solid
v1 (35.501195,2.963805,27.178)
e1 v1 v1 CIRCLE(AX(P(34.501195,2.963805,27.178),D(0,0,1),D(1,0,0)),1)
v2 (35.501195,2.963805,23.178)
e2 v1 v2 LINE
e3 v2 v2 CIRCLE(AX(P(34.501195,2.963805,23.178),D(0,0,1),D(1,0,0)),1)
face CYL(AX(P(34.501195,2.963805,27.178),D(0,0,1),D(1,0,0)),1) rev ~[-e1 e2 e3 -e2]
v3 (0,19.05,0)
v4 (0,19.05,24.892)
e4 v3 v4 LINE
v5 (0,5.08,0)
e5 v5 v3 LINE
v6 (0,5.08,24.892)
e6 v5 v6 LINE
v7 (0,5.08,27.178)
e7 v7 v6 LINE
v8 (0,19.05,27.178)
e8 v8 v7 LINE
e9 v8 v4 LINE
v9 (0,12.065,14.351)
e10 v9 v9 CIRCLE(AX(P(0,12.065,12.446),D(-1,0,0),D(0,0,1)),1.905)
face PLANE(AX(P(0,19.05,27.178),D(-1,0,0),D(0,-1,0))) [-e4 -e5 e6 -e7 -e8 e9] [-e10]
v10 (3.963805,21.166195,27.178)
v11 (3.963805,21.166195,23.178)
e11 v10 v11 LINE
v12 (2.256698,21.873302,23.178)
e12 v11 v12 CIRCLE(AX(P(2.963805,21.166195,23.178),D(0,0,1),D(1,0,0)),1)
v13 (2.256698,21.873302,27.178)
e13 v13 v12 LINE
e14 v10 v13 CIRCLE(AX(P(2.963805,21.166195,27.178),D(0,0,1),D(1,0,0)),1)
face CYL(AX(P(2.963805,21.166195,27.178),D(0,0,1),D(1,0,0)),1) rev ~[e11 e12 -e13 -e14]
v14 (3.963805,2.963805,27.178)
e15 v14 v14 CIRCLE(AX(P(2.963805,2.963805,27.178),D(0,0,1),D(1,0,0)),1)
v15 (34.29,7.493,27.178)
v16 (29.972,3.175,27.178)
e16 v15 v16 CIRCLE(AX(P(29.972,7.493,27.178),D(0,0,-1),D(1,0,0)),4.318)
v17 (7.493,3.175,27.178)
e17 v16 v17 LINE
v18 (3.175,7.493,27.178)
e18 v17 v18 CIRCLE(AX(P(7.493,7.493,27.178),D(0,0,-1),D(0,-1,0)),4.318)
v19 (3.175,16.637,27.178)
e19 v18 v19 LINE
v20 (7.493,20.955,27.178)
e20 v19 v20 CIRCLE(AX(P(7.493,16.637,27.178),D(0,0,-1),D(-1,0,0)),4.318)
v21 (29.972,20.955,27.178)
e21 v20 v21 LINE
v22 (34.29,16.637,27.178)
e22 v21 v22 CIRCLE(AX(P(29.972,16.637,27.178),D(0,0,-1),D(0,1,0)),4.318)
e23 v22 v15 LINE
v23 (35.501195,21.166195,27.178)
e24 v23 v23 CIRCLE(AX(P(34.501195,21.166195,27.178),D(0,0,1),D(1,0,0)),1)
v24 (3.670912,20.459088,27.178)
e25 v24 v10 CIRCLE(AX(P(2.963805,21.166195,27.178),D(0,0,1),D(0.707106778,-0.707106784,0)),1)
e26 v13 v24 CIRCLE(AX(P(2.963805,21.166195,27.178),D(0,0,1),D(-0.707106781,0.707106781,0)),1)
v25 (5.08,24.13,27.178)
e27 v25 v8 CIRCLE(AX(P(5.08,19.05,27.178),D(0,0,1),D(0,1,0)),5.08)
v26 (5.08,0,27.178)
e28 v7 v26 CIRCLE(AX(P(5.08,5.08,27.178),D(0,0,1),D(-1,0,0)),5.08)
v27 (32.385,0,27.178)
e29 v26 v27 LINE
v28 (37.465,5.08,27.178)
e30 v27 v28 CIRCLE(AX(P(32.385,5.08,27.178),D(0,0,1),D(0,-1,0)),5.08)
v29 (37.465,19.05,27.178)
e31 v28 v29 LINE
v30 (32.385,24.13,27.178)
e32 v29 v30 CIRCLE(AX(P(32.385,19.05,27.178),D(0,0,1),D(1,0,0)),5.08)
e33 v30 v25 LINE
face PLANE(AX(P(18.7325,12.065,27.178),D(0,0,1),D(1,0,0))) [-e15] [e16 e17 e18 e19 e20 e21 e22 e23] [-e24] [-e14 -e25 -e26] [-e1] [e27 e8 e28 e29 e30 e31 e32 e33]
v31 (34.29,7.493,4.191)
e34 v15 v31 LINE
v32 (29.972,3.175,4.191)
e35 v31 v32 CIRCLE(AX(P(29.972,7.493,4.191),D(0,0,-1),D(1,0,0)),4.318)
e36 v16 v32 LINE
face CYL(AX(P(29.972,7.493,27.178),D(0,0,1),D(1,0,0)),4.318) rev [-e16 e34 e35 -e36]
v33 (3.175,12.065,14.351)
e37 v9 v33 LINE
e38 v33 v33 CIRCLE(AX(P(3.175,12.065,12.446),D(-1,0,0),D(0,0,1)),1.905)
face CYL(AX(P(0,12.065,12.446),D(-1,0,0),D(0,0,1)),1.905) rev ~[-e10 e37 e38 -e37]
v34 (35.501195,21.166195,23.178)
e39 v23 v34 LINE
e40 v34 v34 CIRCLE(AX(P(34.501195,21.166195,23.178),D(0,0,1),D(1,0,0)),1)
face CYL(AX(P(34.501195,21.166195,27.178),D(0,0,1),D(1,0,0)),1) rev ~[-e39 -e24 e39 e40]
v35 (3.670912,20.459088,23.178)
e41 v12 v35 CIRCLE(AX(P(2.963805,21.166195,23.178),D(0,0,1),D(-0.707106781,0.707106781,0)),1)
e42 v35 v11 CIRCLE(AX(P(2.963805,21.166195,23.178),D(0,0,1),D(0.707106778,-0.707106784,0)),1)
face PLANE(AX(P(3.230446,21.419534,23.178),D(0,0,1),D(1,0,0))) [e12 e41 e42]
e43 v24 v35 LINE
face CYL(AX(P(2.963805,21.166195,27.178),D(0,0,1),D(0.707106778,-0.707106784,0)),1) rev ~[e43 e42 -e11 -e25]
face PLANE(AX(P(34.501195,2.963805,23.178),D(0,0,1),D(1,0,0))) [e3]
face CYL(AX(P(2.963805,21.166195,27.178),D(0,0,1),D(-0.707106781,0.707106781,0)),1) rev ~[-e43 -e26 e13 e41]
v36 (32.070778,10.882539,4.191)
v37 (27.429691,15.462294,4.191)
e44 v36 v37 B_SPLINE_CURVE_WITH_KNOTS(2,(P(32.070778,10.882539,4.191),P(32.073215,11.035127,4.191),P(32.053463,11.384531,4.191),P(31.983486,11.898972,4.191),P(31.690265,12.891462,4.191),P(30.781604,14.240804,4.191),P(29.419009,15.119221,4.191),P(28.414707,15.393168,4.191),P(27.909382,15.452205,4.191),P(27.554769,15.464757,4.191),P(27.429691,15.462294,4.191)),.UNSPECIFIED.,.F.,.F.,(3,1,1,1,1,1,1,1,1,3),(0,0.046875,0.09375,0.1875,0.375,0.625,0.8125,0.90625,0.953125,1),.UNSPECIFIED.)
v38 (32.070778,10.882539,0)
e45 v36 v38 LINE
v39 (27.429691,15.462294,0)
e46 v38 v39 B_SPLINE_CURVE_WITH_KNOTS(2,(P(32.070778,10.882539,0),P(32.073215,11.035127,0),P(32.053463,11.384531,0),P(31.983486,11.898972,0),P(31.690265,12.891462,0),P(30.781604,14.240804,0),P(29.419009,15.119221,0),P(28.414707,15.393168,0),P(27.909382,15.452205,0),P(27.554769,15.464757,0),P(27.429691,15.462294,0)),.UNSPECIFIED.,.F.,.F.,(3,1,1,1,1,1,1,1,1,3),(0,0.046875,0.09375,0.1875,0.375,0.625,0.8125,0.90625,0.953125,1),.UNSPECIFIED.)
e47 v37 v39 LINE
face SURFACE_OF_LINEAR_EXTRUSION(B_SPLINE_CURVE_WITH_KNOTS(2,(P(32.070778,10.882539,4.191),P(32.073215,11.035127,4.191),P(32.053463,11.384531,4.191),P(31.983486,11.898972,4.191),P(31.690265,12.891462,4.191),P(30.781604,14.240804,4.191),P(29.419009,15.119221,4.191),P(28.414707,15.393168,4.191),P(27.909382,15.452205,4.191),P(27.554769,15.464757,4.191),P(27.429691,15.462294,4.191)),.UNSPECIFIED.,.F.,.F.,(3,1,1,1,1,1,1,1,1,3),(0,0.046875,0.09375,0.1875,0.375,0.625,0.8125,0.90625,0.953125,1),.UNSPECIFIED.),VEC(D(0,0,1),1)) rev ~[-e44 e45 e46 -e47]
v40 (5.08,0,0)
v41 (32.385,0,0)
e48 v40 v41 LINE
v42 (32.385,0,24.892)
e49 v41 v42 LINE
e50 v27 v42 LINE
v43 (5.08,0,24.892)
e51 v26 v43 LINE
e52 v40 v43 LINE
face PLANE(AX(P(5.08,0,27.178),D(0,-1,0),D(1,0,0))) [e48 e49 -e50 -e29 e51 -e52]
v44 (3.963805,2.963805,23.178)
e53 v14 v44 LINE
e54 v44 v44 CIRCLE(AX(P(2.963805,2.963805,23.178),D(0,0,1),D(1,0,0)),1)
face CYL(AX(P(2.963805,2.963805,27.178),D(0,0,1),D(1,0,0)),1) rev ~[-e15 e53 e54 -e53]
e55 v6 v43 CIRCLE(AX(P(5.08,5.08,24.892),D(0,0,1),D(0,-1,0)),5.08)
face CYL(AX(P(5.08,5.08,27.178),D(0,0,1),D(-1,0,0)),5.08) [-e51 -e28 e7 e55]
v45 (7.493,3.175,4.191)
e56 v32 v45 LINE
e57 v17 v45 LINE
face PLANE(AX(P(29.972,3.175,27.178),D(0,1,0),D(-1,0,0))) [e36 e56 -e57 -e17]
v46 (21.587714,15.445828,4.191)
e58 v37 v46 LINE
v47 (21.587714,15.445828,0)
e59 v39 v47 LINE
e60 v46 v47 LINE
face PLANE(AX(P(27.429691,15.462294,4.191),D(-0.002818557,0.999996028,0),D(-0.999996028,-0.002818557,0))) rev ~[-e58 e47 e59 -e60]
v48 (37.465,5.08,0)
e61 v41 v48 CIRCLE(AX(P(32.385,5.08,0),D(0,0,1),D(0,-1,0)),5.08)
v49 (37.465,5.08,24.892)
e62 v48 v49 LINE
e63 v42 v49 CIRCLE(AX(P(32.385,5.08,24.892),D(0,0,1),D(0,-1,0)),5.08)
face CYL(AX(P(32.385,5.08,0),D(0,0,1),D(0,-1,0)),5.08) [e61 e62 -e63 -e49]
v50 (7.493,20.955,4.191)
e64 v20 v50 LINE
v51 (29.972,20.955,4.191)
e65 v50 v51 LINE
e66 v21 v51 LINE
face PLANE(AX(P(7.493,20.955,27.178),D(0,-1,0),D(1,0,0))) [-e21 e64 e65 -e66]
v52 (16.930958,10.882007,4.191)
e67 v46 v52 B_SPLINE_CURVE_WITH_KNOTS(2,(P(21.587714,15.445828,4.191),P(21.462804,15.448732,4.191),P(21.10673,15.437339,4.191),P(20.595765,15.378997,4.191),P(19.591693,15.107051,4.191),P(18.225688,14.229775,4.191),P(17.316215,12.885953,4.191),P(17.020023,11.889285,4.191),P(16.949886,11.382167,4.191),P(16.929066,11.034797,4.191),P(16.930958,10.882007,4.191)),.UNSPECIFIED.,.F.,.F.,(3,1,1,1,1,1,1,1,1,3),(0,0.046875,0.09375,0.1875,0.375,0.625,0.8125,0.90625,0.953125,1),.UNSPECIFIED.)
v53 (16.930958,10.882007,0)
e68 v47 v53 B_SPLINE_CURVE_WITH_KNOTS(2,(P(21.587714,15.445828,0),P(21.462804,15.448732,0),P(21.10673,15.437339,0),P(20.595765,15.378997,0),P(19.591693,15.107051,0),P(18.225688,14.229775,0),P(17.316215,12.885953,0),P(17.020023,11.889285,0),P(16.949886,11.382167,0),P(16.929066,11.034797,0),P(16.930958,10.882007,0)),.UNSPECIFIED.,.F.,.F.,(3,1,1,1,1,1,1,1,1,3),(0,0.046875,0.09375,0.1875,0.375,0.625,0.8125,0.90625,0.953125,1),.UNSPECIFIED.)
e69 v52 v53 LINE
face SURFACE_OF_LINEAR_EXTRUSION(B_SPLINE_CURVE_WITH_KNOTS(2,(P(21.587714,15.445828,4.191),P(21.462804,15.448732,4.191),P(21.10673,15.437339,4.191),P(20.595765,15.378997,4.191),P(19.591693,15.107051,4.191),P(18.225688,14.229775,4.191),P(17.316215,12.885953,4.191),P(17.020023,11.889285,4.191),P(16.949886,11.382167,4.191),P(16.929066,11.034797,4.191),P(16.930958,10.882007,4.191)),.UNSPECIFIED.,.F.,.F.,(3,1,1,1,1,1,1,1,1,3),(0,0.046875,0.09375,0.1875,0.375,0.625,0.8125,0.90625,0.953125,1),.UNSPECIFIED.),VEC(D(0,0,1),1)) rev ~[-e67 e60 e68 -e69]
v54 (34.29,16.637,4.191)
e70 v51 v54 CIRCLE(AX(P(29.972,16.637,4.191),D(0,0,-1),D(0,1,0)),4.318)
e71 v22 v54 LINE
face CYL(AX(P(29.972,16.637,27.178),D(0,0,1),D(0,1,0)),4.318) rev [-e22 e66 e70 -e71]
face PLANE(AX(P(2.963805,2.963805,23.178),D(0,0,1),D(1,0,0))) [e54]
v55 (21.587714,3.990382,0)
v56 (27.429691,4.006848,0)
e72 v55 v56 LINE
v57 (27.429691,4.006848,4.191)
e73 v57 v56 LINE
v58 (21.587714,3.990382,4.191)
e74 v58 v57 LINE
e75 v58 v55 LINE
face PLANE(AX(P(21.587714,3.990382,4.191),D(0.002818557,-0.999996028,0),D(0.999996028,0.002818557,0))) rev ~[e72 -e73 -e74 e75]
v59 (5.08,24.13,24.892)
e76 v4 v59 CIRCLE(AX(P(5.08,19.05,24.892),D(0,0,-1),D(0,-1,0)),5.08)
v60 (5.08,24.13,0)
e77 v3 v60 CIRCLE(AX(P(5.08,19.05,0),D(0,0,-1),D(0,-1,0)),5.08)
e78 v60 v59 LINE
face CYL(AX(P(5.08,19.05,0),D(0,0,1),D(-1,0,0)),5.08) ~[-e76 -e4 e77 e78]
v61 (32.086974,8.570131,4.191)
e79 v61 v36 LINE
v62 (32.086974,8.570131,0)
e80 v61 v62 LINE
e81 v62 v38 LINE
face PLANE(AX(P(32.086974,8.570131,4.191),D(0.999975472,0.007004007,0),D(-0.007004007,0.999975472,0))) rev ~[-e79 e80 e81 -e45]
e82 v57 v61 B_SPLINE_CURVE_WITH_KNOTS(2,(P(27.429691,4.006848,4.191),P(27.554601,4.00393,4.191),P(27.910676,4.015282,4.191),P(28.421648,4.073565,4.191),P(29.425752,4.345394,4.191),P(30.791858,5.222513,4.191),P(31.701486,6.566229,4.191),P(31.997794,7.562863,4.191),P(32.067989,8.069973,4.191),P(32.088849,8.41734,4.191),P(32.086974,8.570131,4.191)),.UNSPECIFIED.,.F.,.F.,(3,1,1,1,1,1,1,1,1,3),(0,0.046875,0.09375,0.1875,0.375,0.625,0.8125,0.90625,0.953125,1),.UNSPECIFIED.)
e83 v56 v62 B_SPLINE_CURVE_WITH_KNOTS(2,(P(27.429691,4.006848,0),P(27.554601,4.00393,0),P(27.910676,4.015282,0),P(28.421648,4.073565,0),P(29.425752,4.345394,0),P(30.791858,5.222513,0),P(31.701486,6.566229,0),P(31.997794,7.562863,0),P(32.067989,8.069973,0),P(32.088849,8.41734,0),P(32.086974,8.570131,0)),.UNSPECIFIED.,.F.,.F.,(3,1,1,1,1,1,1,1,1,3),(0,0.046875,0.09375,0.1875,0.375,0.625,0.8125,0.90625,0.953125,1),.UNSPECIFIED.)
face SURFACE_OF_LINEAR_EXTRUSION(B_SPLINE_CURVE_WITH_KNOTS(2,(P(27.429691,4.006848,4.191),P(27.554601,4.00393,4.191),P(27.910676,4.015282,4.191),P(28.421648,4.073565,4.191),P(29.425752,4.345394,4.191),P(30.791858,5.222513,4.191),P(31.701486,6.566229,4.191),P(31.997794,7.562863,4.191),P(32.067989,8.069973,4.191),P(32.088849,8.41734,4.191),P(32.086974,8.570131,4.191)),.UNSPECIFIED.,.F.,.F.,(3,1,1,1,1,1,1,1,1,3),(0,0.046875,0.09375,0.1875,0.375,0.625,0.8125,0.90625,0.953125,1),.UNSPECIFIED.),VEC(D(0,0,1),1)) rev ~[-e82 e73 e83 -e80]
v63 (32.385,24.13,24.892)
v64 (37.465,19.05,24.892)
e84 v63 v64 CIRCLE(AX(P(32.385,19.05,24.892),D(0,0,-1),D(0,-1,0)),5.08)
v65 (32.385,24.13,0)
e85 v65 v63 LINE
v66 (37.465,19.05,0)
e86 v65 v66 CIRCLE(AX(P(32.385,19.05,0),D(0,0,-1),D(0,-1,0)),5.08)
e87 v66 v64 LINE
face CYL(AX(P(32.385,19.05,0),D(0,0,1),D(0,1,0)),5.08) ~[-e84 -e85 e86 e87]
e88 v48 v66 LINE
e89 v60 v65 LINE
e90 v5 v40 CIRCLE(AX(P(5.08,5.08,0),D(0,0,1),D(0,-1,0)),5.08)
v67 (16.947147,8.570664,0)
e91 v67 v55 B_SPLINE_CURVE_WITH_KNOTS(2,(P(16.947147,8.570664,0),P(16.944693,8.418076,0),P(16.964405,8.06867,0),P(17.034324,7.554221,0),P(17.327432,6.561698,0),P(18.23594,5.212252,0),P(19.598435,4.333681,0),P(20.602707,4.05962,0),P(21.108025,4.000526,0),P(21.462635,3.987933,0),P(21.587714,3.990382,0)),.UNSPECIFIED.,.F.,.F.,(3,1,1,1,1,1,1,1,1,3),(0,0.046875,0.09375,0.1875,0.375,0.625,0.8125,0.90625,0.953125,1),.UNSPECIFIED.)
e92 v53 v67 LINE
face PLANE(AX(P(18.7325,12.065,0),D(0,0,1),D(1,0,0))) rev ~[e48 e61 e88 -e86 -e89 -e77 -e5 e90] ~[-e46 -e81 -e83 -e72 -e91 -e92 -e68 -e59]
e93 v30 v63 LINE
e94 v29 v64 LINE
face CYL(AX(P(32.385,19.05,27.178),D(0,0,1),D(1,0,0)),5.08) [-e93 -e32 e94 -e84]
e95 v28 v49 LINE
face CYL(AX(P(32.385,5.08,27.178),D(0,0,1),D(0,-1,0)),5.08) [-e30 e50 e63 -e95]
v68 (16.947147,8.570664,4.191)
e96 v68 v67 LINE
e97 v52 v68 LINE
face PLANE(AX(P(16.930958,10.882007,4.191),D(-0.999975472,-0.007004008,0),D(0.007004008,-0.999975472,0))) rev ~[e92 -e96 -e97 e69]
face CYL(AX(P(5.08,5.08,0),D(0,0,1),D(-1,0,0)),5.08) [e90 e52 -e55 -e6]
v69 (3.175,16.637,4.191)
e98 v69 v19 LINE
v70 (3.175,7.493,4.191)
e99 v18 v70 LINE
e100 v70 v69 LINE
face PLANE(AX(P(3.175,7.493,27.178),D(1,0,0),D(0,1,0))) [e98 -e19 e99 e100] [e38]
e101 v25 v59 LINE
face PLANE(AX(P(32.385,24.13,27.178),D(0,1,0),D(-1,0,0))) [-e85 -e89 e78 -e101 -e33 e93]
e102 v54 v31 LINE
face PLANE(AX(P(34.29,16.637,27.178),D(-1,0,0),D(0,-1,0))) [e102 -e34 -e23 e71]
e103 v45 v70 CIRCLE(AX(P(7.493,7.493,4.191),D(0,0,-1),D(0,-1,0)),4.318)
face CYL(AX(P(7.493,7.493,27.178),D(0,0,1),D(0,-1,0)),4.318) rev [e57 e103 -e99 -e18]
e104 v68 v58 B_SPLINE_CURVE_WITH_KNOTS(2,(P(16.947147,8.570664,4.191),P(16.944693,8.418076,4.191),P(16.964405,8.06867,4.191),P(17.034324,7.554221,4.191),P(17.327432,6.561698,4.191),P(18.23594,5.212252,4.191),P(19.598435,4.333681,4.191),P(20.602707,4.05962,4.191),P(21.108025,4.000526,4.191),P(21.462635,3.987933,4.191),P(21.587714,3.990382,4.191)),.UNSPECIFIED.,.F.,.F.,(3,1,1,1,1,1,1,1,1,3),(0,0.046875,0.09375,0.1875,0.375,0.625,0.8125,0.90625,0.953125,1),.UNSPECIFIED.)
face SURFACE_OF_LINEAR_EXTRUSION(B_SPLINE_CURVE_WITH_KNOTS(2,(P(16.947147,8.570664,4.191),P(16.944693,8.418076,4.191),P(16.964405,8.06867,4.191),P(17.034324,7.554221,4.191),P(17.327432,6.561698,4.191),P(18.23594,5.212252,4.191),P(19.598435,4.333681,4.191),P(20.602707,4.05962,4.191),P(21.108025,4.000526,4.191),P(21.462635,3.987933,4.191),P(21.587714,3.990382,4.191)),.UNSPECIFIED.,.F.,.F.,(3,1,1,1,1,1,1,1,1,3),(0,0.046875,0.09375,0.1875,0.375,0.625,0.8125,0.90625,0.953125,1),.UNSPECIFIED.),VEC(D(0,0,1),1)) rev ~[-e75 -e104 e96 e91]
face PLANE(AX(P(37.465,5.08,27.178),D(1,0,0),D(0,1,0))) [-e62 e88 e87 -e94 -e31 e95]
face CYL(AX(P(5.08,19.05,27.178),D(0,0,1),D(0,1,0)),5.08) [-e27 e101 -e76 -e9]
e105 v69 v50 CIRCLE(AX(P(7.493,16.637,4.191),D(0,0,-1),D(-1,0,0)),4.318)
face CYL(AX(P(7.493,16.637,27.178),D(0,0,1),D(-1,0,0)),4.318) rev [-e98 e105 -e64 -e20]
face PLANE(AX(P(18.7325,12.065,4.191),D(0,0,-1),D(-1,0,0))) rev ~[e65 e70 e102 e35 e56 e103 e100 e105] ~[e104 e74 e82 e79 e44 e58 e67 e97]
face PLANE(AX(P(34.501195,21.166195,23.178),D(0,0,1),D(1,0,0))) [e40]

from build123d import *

# Parameters (mm, degrees)
SKETCH2_W           = 37.465
SKETCH2_H           = 24.13
BOSS_EXTRUDE1_DEPTH = 24.892
CUT_EXTRUDE1_DEPTH  = 20.701
CUT_EXTRUDE3_DEPTH  = 4.191
FILLET1_R           = 5.08
BOSS_EXTRUDE3_START = 2.286
BOSS_EXTRUDE3_DEPTH = 2.286
SKETCH8_R           = 1.905
CUT_EXTRUDE4_DEPTH  = 7.62
BOSS_EXTRUDE5_START = 2.286
BOSS_EXTRUDE5_DEPTH = 2.286
SKETCH10_R          = 1
CUT_EXTRUDE5_DEPTH  = 4


with BuildPart() as part:
    # Sketch2 → Boss-Extrude1 (new body)
    with BuildSketch(Plane.XY):
        with Locations((18.7325, 12.065)):
            Rectangle(SKETCH2_W, SKETCH2_H)
    extrude(amount=BOSS_EXTRUDE1_DEPTH)

    # Sketch3 → Cut-Extrude1 (cut)
    with BuildSketch(Plane.XY.offset(24.892)):
        with BuildLine():
            ThreePointArc((3.175, 16.637), (4.439712919, 19.690287081), (7.493, 20.955))
            Line((7.493, 20.955), (29.972, 20.955))
            ThreePointArc((29.972, 20.955), (33.025287081, 19.690287081), (34.29, 16.637))
            Line((34.29, 16.637), (34.29, 7.493))
            ThreePointArc((34.29, 7.493), (33.025287081, 4.439712919), (29.972, 3.175))
            Line((29.972, 3.175), (7.493, 3.175))
            ThreePointArc((7.493, 3.175), (4.439712919, 4.439712919), (3.175, 7.493))
            Line((3.175, 7.493), (3.175, 16.637))
        make_face()
    extrude(amount=-CUT_EXTRUDE1_DEPTH, mode=Mode.SUBTRACT)

    # Sketch4 → Cut-Extrude3 (cut)
    with BuildSketch(Plane.XY.offset(4.191)):
        with BuildLine():
            Line((32.086974483, 8.570131), (32.07077796, 10.882539488))
            add(Edge.make_bspline(
                [(32.07077796, 10.882539488), (32.073215089, 11.03512727), (32.05346317, 11.384531492), (31.98348624, 11.89897185), (31.690265244, 12.891461502), (30.781603575, 14.240804474), (29.41900903, 15.119220909), (28.414706523, 15.393168176), (27.909381539, 15.452204781), (27.554769457, 15.464756938), (27.429691001, 15.46229384)],
                knots=[0, 0, 0, 0.046875, 0.09375, 0.1875, 0.375, 0.625, 0.8125, 0.90625, 0.953125, 1, 1, 1], degree=2))
            Line((27.429691001, 15.46229384), (21.587714207, 15.44582783))
            add(Edge.make_bspline(
                [(21.587714207, 15.44582783), (21.462803996, 15.448731855), (21.106730304, 15.437338634), (20.595765352, 15.378996632), (19.591692577, 15.107051395), (18.225687665, 14.229774678), (17.316214622, 12.885953496), (17.020022679, 11.889285009), (16.949885556, 11.382167163), (16.92906595, 11.034797324), (16.930958193, 10.882006896)],
                knots=[0, 0, 0, 0.046875, 0.09375, 0.1875, 0.375, 0.625, 0.8125, 0.90625, 0.953125, 1, 1, 1], degree=2))
            Line((16.930958193, 10.882006896), (16.947147256, 8.570663591))
            add(Edge.make_bspline(
                [(16.947147256, 8.570663591), (16.944692803, 8.418076087), (16.96440505, 8.068669624), (17.034323571, 7.554221325), (17.32743188, 6.561698387), (18.235940341, 5.212252256), (19.598435143, 4.33368112), (20.60270654, 4.059619828), (21.108024818, 4.00052585), (21.462635472, 3.98793343), (21.587714207, 3.990382327)],
                knots=[0, 0, 0, 0.046875, 0.09375, 0.1875, 0.375, 0.625, 0.8125, 0.90625, 0.953125, 1, 1, 1], degree=2))
            Line((21.587714207, 3.990382327), (27.429691002, 4.006848338))
            add(Edge.make_bspline(
                [(27.429691002, 4.006848338), (27.554600877, 4.003929875), (27.910675883, 4.015281941), (28.421647575, 4.073564883), (29.425751775, 4.345394065), (30.791858076, 5.22251289), (31.701486436, 6.566228943), (31.997793574, 7.562863188), (32.067989311, 8.069972924), (32.088849066, 8.417340355), (32.086974483, 8.570131)],
                knots=[0, 0, 0, 0.046875, 0.09375, 0.1875, 0.375, 0.625, 0.8125, 0.90625, 0.953125, 1, 1, 1], degree=2))
        make_face()
    extrude(amount=-CUT_EXTRUDE3_DEPTH, mode=Mode.SUBTRACT)

    # Fillet1
    fillet1_edges = [part.edges().sort_by_distance(p)[0] for p in [
        (0, 24.13, 12.446),
        (37.465, 24.13, 12.446),
        (37.465, 0, 12.446),
        (0, 0, 12.446),
    ]]
    fillet(fillet1_edges, radius=FILLET1_R)

    # Sketch7 → Boss-Extrude3 (add)
    with BuildSketch(Plane.XY.offset(24.892).offset(BOSS_EXTRUDE3_START)):
        with BuildLine():
            ThreePointArc((35.59175, 18.3515), (34.252642204, 21.584392204), (31.01975, 22.9235))
            Line((31.01975, 22.9235), (6.44525, 22.9235))
            ThreePointArc((6.44525, 22.9235), (3.212357796, 21.584392204), (1.87325, 18.3515))
            Line((1.87325, 18.3515), (1.87325, 5.7785))
            ThreePointArc((1.87325, 5.7785), (3.212357796, 2.545607796), (6.44525, 1.2065))
            Line((6.44525, 1.2065), (31.01975, 1.2065))
            ThreePointArc((31.01975, 1.2065), (34.252642204, 2.545607796), (35.59175, 5.7785))
            Line((35.59175, 5.7785), (35.59175, 18.3515))
        make_face()
        with BuildLine():
            ThreePointArc((3.175, 16.637), (4.439712919, 19.690287081), (7.493, 20.955))
            Line((7.493, 20.955), (29.972, 20.955))
            ThreePointArc((29.972, 20.955), (33.025287081, 19.690287081), (34.29, 16.637))
            Line((34.29, 16.637), (34.29, 7.493))
            ThreePointArc((34.29, 7.493), (33.025287081, 4.439712919), (29.972, 3.175))
            Line((29.972, 3.175), (7.493, 3.175))
            ThreePointArc((7.493, 3.175), (4.439712919, 4.439712919), (3.175, 7.493))
            Line((3.175, 7.493), (3.175, 16.637))
        make_face(mode=Mode.SUBTRACT)
    extrude(amount=-BOSS_EXTRUDE3_DEPTH)

    # Sketch8 → Cut-Extrude4 (cut)
    with BuildSketch(Plane.ZY):
        with Locations((12.446, 12.065)):
            Circle(SKETCH8_R)
    extrude(amount=-CUT_EXTRUDE4_DEPTH, mode=Mode.SUBTRACT)

    # Sketch9 → Boss-Extrude5 (add)
    with BuildSketch(Plane.XY.offset(24.892).offset(BOSS_EXTRUDE5_START)):
        with BuildLine():
            Line((37.465, 5.08), (37.465, 19.05))
            ThreePointArc((37.465, 19.05), (35.977102448, 22.642102448), (32.385, 24.13))
            Line((32.385, 24.13), (5.08, 24.13))
            ThreePointArc((5.08, 24.13), (1.487897552, 22.642102448), (0, 19.05))
            Line((0, 19.05), (0, 5.08))
            ThreePointArc((0, 5.08), (1.487897552, 1.487897552), (5.08, 0))
            Line((5.08, 0), (32.385, 0))
            ThreePointArc((32.385, 0), (35.977102448, 1.487897552), (37.465, 5.08))
        make_face()
        with BuildLine():
            Line((6.44525, 1.2065), (31.01975, 1.2065))
            ThreePointArc((31.01975, 1.2065), (34.252642204, 2.545607796), (35.59175, 5.7785))
            Line((35.59175, 5.7785), (35.59175, 18.3515))
            ThreePointArc((35.59175, 18.3515), (34.252642204, 21.584392204), (31.01975, 22.9235))
            Line((31.01975, 22.9235), (6.44525, 22.9235))
            ThreePointArc((6.44525, 22.9235), (3.212357796, 21.584392204), (1.87325, 18.3515))
            Line((1.87325, 18.3515), (1.87325, 5.7785))
            ThreePointArc((1.87325, 5.7785), (3.212357796, 2.545607796), (6.44525, 1.2065))
        make_face(mode=Mode.SUBTRACT)
    extrude(amount=-BOSS_EXTRUDE5_DEPTH)

    # Sketch10 → Cut-Extrude5 (cut)
    with BuildSketch(Plane.XY.offset(27.178)):
        with BuildLine():
            ThreePointArc((3.963805235, 21.166194765), (3.346488668, 22.090074297), (2.256698454, 21.873301546))
            Line((2.256698454, 21.873301546), (3.670912016, 20.459087984))
            ThreePointArc((3.670912016, 20.459087984), (3.887684768, 20.783511332), (3.963805235, 21.166194765))
        make_face()
        with BuildLine():
            Line((3.670912016, 20.459087984), (2.256698454, 21.873301546))
            ThreePointArc((2.256698454, 21.873301546), (2.256698454, 20.459087984), (3.670912016, 20.459087984))
        make_face()
        with Locations((34.501194765, 21.166194765)):
            Circle(SKETCH10_R)
        with Locations((34.501194765, 2.963805235)):
            Circle(SKETCH10_R)
        with Locations((2.963805235, 2.963805235)):
            Circle(SKETCH10_R)
    extrude(amount=-CUT_EXTRUDE5_DEPTH, mode=Mode.SUBTRACT)


solid = part.part
